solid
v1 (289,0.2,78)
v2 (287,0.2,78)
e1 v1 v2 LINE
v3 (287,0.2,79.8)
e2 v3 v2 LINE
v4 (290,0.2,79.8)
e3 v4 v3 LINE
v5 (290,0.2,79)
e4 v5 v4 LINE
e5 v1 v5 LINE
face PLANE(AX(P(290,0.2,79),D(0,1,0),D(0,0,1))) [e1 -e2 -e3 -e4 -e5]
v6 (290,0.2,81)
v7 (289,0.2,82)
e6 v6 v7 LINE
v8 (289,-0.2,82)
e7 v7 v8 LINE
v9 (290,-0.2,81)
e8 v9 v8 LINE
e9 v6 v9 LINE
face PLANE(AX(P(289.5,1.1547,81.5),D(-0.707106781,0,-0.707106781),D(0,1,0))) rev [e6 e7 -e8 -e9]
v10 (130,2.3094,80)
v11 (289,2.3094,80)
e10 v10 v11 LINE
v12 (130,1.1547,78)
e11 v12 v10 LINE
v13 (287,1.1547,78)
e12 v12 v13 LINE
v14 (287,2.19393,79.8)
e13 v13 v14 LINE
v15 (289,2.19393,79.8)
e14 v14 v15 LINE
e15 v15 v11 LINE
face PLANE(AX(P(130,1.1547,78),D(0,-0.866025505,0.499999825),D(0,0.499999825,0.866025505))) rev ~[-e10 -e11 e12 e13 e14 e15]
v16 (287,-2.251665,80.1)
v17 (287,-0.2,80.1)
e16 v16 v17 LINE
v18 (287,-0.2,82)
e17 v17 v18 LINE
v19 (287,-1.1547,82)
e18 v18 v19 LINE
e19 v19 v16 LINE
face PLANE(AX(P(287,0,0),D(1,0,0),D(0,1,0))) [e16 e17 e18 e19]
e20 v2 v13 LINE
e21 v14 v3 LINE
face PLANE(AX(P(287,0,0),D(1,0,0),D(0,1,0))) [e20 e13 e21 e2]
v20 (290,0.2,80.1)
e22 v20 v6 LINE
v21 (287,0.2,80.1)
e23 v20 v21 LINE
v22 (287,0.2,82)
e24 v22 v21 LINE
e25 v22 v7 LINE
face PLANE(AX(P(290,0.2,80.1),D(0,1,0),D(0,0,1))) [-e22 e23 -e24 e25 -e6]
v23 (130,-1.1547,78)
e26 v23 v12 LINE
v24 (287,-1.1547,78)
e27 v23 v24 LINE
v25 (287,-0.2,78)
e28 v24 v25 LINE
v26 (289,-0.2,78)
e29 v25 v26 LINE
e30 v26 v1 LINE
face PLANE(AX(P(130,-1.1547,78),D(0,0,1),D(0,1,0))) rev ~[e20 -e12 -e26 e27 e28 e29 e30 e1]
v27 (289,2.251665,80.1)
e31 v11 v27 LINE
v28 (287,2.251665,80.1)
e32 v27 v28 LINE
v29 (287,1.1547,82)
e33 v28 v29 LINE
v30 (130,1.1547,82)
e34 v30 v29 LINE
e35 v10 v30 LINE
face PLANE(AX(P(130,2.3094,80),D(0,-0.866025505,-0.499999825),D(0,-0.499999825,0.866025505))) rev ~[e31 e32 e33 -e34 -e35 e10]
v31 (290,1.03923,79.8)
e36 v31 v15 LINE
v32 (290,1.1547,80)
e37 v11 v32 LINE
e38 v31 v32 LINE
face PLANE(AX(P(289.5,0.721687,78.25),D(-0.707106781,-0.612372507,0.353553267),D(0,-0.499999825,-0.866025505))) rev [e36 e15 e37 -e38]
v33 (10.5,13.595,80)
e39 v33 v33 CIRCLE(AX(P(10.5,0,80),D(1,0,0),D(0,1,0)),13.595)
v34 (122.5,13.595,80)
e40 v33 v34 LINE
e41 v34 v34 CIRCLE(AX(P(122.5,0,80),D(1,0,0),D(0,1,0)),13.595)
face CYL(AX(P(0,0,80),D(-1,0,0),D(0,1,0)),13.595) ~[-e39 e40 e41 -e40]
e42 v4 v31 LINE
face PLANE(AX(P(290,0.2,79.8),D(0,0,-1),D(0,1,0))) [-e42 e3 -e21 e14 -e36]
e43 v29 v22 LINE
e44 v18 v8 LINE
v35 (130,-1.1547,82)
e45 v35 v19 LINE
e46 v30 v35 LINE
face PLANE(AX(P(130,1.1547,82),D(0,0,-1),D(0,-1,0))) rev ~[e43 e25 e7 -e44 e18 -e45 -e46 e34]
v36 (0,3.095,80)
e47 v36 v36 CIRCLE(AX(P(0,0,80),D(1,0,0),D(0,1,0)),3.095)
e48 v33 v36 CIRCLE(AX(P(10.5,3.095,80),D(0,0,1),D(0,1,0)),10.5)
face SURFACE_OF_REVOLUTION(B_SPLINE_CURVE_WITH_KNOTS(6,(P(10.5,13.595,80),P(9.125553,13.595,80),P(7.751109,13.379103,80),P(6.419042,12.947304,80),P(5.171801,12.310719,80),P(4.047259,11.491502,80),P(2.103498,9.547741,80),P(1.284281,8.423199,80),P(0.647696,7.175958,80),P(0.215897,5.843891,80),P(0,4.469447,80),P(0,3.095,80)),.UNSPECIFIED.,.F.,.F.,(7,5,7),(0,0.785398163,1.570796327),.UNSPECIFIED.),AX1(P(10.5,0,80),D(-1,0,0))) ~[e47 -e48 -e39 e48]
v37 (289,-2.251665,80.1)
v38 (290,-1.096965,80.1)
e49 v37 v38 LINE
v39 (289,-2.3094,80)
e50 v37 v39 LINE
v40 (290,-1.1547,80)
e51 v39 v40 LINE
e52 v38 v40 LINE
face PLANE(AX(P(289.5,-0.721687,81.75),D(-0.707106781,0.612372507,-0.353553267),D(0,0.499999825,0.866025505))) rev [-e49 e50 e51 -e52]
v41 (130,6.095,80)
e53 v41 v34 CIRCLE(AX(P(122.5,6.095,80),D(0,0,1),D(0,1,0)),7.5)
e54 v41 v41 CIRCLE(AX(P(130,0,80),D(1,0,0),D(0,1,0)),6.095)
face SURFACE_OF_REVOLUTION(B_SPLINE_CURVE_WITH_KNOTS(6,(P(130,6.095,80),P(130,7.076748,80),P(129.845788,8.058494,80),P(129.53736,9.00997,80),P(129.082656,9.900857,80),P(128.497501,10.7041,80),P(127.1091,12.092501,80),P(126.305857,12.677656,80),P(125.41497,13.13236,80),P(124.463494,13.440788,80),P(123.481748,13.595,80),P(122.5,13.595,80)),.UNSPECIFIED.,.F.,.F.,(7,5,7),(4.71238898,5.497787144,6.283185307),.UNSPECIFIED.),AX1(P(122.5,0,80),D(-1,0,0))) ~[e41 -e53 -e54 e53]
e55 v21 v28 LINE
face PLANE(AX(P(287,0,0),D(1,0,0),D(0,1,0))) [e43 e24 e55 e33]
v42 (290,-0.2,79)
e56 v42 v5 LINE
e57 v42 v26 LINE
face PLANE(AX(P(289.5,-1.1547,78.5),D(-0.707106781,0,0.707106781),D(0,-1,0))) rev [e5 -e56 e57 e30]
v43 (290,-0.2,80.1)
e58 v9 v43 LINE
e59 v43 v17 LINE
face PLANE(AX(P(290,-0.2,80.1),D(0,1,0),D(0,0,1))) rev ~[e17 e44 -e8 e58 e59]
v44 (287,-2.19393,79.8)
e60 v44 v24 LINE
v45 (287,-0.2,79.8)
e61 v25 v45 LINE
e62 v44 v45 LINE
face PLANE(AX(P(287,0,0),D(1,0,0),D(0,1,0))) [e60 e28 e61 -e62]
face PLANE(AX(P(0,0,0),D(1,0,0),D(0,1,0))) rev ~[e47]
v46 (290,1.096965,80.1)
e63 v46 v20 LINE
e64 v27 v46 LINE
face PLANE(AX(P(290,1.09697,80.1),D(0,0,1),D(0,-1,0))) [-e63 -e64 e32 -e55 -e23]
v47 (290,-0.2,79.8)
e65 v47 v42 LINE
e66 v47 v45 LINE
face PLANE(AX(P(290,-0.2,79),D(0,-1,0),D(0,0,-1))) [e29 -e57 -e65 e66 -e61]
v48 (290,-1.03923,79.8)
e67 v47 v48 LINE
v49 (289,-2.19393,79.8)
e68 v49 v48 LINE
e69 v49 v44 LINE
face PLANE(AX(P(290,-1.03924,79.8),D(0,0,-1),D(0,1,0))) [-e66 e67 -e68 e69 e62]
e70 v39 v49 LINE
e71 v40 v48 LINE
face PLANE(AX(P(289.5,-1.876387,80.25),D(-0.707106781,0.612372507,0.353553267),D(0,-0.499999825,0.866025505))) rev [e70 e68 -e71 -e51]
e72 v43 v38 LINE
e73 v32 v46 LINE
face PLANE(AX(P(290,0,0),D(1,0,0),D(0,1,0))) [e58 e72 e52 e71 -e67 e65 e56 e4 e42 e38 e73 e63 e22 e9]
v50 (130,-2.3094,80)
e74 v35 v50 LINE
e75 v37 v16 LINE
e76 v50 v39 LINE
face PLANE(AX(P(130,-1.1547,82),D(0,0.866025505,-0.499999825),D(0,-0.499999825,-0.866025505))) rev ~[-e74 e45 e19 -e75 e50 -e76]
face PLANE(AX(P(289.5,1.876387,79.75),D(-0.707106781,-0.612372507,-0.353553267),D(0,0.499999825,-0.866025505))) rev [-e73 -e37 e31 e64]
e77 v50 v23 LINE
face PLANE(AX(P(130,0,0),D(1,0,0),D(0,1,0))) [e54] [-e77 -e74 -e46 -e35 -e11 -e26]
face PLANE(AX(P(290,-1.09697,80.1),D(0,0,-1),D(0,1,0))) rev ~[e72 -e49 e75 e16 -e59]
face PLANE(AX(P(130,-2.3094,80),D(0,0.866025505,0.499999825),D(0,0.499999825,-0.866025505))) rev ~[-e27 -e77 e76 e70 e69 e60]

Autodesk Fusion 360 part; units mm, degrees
sketch "Sketch1" plane through (0, 0, 0) normal (1, 0, 0) x (0, 1, 0)
  circle A0 centre (0, 80) radius 13.595
  dimension "d2" = 27.19
extrude "Extrude1" add sketch "Sketch1" along normal blind 130
sketch "Sketch2" plane through (130, 0, 0) normal (1, 0, 0) x (0, 1, 0)
  circle A0 centre (0, 80) radius 13.595
  line L0 (1.1547, 78) -> (2.3094, 80)
  line L1 (2.3094, 80) -> (1.1547, 82)
  line L2 (1.1547, 82) -> (-1.1547, 82)
  line L3 (-1.1547, 82) -> (-2.3094, 80)
  line L4 (-2.3094, 80) -> (-1.1547, 78)
  line L5 (-1.1547, 78) -> (1.1547, 78)
  point P0 (0, 80)
  dimension "d5" = 2
extrude "Extrude2" add sketch "Sketch2" along normal blind 160 contours L0 L1 L2 L3 L4 L5
chamfer "Chamfer1" distance 1 angle 45 6 edges at (290, -1.7321, 81) (290, 0, 82) (290, -1.7321, 79) (290, 0, 78) (290, 1.7321, 79) (290, 1.7321, 81)
sketch "Sketch3" plane through (130, 0, 0) normal (1, 0, 0) x (0, 1, 0)
  line L0 (-1.1547, 78) -> (-2.3094, 80)
  line L1 (-2.3094, 80) -> (-1.1547, 82)
  line L2 (-1.1547, 82) -> (1.1547, 82)
  line L3 (1.1547, 82) -> (2.3094, 80)
  line L4 (2.3094, 80) -> (1.1547, 78)
  line L5 (1.1547, 78) -> (-1.1547, 78)
  circle A0 centre (0, 80) radius 13.595
sketch "Sketch4" plane through (290, 0, 0) normal (1, 0, 0) x (0, 1, 0)
  line L0 (0.5774, 79) -> (1.1547, 80)
  line L1 (1.1547, 80) -> (0.5774, 81)
  line L2 (0.5774, 81) -> (-0.5774, 81)
  line L3 (-0.5774, 81) -> (-1.1547, 80)
  line L4 (-1.1547, 80) -> (-0.5774, 79)
  line L5 (-0.5774, 79) -> (0.5774, 79)
  line L6 (-0.2, 80.1) -> (-0.2, 82.1)
  line L7 (-0.2, 82.1) -> (-2.8, 82.1)
  line L8 (-2.8, 82.1) -> (-2.8, 80.1)
  line L9 (-2.8, 80.1) -> (-0.2, 80.1)
  line L10 (0.2, 80.1) -> (0.2, 82.1)
  line L11 (0.2, 82.1) -> (2.8, 82.1)
  line L12 (2.8, 82.1) -> (2.8, 80.1)
  line L13 (2.8, 80.1) -> (0.2, 80.1)
  line L14 (0.2, 79.8) -> (2.8, 79.8)
  line L15 (2.8, 79.8) -> (2.8, 77.7841)
  line L16 (2.8, 77.7841) -> (0.2, 77.7841)
  line L17 (0.2, 77.7841) -> (0.2, 79.8)
  line L18 (-0.2, 79.8) -> (-0.2, 77.7841)
  line L19 (-0.2, 77.7841) -> (-2.5, 77.5)
  line L20 (-2.5, 77.5) -> (-2.5, 79.8)
  line L21 (-2.5, 79.8) -> (-0.2, 79.8)
extrude "Extrude3" cut sketch "Sketch4" against normal blind 3 contours L0 L5 L14 L17 | L0 L5 L14 L15 L16 L17 | L4 L5 L18 L19 L20 L21 | L4 L5 L18 L21 | L1 L2 L10 L13 | L1 L2 L10 L11 L12 L13 | L2 L3 L6 L9 | L2 L3 L6 L7 L8 L9
fillet "Fillet1" radius 7.5 1 edges at (130, -12.675, 75.0838)
fillet "Fillet2" radius 10.5 1 edges at (0, -12.675, 75.0838)
equation "diamiter = 27.19 mm"
equation "d2 = diamiter"
